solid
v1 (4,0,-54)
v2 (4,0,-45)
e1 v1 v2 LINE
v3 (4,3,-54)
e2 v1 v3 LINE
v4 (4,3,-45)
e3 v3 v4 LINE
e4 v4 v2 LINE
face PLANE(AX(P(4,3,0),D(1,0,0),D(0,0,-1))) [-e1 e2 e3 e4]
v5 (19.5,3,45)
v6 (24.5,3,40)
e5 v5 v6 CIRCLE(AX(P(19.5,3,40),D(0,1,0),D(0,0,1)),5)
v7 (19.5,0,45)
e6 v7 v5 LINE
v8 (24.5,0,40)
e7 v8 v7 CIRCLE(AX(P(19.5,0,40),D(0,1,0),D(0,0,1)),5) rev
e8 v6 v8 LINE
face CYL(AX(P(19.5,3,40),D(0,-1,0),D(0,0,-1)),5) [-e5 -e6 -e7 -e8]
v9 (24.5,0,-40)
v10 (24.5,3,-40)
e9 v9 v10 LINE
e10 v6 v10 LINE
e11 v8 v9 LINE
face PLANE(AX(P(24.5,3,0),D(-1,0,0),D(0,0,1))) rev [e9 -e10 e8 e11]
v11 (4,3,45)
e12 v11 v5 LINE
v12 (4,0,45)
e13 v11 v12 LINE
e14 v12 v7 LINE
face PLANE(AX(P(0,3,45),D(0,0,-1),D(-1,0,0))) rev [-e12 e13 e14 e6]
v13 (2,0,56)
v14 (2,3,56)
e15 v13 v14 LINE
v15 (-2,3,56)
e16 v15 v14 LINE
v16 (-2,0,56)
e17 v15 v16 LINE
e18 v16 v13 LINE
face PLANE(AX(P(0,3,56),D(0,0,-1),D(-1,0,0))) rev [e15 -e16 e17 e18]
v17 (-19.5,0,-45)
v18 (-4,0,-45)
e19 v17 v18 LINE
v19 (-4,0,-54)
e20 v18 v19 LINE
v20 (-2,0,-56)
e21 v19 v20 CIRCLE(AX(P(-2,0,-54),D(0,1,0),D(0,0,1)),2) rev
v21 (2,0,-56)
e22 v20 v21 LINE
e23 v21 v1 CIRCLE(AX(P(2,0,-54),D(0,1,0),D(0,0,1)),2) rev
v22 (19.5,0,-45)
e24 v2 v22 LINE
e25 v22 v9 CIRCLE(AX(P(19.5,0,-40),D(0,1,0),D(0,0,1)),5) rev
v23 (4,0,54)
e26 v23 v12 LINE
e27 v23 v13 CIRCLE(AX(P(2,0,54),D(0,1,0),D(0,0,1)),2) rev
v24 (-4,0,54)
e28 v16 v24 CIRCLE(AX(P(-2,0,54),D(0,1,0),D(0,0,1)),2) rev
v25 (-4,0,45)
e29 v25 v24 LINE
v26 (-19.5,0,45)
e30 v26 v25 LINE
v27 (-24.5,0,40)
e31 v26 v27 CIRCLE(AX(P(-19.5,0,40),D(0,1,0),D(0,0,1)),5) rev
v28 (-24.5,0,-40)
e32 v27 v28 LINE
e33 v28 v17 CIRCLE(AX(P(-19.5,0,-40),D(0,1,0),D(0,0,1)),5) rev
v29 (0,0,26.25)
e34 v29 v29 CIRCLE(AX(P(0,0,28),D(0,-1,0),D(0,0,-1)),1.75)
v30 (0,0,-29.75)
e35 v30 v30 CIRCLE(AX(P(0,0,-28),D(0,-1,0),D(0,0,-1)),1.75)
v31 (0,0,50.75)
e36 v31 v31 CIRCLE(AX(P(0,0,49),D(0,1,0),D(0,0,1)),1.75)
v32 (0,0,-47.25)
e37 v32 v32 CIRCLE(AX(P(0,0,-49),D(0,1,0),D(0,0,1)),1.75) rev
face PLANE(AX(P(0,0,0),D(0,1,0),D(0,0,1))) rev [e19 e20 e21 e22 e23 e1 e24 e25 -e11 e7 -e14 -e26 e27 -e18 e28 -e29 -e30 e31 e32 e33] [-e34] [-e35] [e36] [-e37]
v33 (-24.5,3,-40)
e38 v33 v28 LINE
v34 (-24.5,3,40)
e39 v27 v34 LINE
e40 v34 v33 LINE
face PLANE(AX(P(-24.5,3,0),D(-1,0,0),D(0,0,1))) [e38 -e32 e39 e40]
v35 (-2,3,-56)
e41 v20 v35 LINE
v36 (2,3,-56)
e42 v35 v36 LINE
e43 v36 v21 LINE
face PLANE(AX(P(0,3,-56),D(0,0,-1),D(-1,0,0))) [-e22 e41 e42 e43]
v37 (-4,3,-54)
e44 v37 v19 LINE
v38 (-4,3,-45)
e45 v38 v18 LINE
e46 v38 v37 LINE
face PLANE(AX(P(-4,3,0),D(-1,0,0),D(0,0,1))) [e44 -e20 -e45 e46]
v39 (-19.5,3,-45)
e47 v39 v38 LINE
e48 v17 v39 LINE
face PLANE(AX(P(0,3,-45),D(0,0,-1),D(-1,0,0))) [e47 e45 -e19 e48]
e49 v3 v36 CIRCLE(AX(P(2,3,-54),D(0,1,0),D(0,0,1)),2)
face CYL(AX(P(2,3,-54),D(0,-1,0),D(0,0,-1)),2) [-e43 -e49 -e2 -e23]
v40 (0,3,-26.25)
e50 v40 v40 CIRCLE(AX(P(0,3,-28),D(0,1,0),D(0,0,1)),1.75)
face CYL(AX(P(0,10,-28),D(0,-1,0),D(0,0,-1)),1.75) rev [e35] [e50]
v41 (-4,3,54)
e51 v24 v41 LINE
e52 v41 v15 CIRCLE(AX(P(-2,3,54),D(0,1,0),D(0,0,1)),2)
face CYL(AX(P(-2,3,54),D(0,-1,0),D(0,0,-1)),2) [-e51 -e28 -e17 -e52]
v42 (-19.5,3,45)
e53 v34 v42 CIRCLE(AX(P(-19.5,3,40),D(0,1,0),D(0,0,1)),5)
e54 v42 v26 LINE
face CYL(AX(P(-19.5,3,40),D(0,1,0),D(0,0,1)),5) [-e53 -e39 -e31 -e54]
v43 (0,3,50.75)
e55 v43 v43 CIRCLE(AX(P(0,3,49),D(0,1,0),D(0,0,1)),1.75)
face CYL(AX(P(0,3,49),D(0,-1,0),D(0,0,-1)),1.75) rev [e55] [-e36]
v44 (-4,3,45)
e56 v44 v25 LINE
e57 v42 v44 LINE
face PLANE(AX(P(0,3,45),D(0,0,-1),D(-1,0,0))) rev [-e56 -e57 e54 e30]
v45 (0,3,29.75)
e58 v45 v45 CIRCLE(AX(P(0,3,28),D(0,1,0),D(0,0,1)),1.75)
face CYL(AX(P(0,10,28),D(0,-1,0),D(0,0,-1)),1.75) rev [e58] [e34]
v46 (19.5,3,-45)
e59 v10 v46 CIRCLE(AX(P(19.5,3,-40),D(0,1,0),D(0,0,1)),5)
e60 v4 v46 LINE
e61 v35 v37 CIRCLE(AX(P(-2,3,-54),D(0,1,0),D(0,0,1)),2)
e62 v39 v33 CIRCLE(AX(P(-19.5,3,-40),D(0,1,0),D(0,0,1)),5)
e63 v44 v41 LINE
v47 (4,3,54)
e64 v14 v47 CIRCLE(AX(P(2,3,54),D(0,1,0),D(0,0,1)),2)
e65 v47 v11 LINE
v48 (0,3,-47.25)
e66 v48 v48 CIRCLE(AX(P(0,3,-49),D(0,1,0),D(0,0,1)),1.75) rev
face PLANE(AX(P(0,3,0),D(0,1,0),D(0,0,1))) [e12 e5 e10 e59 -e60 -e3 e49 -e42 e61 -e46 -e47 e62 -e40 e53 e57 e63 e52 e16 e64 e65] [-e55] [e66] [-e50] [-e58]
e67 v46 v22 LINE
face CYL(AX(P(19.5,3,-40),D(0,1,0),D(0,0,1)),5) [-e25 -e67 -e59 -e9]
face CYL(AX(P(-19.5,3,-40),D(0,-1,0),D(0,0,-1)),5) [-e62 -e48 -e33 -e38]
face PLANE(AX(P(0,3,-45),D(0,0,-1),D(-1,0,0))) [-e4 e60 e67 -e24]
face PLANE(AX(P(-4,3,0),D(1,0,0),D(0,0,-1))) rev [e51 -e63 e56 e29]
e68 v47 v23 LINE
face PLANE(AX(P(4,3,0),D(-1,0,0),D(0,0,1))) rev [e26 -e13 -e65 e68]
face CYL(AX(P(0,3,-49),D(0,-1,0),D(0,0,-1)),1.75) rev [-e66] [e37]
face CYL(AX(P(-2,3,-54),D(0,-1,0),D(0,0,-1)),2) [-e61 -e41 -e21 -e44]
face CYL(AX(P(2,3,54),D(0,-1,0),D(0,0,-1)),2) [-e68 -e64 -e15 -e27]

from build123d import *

# Parameters (mm, degrees)
SKETCH_1_W          = 49
SKETCH_1_H          = 90
SKETCH_1_R          = 1.75
EXTRUDE_1_DEPTH     = 3
FILLET_1_R          = 2
FILLET_2_R          = 5
CUT_EXTRUDE_1_DEPTH = 10


with BuildPart() as part:
    # 草图1 → 凸台-拉伸1 (new body)
    with BuildSketch(Plane(origin=(0, 0, 0), x_dir=(1, 0, 0), z_dir=(0, 1, 0))):
        Rectangle(SKETCH_1_W, SKETCH_1_H)
        Polygon((-4, 56), (-4, 45), (4, 45), (4, 56), (0, 56), align=None)
        with Locations((0, 49)):
            Circle(SKETCH_1_R, mode=Mode.SUBTRACT)
        Polygon((4, -45), (-4, -45), (-4, -56), (0, -56), (4, -56), align=None)
        with Locations((0, -49)):
            Circle(SKETCH_1_R, mode=Mode.SUBTRACT)
    extrude(amount=EXTRUDE_1_DEPTH)

    # 圆角1
    fillet_1_edges = [part.edges().sort_by_distance(p)[0] for p in [
        (-4, 1.5, -56),
        (4, 1.5, -56),
        (4, 1.5, 56),
        (-4, 1.5, 56),
    ]]
    fillet(fillet_1_edges, radius=FILLET_1_R)

    # 圆角2
    fillet_2_edges = [part.edges().sort_by_distance(p)[0] for p in [
        (-24.5, 1.5, 45),
        (-24.5, 1.5, -45),
        (24.5, 1.5, -45),
        (24.5, 1.5, 45),
    ]]
    fillet(fillet_2_edges, radius=FILLET_2_R)

    # 草图2 → 切除-拉伸1 (cut)
    with BuildSketch(Plane.XZ):
        with BuildLine():
            ThreePointArc((1.75, -28), (1.237436867, -26.762563133), (0, -26.25))
            Line((0, -26.25), (0, -28))
            Line((0, -28), (0, -29.75))
            ThreePointArc((0, -29.75), (1.237436867, -29.237436867), (1.75, -28))
        make_face()
        with BuildLine():
            Line((0, -28), (0, -26.25))
            ThreePointArc((0, -26.25), (-1.75, -28), (0, -29.75))
            Line((0, -29.75), (0, -28))
        make_face()
        with BuildLine():
            ThreePointArc((1.75, 28), (1.237436867, 29.237436867), (0, 29.75))
            Line((0, 29.75), (0, 28))
            Line((0, 28), (0, 26.25))
            ThreePointArc((0, 26.25), (1.237436867, 26.762563133), (1.75, 28))
        make_face()
        with BuildLine():
            Line((0, 28), (0, 29.75))
            ThreePointArc((0, 29.75), (-1.75, 28), (0, 26.25))
            Line((0, 26.25), (0, 28))
        make_face()
    extrude(amount=-CUT_EXTRUDE_1_DEPTH, mode=Mode.SUBTRACT)


solid = part.part
